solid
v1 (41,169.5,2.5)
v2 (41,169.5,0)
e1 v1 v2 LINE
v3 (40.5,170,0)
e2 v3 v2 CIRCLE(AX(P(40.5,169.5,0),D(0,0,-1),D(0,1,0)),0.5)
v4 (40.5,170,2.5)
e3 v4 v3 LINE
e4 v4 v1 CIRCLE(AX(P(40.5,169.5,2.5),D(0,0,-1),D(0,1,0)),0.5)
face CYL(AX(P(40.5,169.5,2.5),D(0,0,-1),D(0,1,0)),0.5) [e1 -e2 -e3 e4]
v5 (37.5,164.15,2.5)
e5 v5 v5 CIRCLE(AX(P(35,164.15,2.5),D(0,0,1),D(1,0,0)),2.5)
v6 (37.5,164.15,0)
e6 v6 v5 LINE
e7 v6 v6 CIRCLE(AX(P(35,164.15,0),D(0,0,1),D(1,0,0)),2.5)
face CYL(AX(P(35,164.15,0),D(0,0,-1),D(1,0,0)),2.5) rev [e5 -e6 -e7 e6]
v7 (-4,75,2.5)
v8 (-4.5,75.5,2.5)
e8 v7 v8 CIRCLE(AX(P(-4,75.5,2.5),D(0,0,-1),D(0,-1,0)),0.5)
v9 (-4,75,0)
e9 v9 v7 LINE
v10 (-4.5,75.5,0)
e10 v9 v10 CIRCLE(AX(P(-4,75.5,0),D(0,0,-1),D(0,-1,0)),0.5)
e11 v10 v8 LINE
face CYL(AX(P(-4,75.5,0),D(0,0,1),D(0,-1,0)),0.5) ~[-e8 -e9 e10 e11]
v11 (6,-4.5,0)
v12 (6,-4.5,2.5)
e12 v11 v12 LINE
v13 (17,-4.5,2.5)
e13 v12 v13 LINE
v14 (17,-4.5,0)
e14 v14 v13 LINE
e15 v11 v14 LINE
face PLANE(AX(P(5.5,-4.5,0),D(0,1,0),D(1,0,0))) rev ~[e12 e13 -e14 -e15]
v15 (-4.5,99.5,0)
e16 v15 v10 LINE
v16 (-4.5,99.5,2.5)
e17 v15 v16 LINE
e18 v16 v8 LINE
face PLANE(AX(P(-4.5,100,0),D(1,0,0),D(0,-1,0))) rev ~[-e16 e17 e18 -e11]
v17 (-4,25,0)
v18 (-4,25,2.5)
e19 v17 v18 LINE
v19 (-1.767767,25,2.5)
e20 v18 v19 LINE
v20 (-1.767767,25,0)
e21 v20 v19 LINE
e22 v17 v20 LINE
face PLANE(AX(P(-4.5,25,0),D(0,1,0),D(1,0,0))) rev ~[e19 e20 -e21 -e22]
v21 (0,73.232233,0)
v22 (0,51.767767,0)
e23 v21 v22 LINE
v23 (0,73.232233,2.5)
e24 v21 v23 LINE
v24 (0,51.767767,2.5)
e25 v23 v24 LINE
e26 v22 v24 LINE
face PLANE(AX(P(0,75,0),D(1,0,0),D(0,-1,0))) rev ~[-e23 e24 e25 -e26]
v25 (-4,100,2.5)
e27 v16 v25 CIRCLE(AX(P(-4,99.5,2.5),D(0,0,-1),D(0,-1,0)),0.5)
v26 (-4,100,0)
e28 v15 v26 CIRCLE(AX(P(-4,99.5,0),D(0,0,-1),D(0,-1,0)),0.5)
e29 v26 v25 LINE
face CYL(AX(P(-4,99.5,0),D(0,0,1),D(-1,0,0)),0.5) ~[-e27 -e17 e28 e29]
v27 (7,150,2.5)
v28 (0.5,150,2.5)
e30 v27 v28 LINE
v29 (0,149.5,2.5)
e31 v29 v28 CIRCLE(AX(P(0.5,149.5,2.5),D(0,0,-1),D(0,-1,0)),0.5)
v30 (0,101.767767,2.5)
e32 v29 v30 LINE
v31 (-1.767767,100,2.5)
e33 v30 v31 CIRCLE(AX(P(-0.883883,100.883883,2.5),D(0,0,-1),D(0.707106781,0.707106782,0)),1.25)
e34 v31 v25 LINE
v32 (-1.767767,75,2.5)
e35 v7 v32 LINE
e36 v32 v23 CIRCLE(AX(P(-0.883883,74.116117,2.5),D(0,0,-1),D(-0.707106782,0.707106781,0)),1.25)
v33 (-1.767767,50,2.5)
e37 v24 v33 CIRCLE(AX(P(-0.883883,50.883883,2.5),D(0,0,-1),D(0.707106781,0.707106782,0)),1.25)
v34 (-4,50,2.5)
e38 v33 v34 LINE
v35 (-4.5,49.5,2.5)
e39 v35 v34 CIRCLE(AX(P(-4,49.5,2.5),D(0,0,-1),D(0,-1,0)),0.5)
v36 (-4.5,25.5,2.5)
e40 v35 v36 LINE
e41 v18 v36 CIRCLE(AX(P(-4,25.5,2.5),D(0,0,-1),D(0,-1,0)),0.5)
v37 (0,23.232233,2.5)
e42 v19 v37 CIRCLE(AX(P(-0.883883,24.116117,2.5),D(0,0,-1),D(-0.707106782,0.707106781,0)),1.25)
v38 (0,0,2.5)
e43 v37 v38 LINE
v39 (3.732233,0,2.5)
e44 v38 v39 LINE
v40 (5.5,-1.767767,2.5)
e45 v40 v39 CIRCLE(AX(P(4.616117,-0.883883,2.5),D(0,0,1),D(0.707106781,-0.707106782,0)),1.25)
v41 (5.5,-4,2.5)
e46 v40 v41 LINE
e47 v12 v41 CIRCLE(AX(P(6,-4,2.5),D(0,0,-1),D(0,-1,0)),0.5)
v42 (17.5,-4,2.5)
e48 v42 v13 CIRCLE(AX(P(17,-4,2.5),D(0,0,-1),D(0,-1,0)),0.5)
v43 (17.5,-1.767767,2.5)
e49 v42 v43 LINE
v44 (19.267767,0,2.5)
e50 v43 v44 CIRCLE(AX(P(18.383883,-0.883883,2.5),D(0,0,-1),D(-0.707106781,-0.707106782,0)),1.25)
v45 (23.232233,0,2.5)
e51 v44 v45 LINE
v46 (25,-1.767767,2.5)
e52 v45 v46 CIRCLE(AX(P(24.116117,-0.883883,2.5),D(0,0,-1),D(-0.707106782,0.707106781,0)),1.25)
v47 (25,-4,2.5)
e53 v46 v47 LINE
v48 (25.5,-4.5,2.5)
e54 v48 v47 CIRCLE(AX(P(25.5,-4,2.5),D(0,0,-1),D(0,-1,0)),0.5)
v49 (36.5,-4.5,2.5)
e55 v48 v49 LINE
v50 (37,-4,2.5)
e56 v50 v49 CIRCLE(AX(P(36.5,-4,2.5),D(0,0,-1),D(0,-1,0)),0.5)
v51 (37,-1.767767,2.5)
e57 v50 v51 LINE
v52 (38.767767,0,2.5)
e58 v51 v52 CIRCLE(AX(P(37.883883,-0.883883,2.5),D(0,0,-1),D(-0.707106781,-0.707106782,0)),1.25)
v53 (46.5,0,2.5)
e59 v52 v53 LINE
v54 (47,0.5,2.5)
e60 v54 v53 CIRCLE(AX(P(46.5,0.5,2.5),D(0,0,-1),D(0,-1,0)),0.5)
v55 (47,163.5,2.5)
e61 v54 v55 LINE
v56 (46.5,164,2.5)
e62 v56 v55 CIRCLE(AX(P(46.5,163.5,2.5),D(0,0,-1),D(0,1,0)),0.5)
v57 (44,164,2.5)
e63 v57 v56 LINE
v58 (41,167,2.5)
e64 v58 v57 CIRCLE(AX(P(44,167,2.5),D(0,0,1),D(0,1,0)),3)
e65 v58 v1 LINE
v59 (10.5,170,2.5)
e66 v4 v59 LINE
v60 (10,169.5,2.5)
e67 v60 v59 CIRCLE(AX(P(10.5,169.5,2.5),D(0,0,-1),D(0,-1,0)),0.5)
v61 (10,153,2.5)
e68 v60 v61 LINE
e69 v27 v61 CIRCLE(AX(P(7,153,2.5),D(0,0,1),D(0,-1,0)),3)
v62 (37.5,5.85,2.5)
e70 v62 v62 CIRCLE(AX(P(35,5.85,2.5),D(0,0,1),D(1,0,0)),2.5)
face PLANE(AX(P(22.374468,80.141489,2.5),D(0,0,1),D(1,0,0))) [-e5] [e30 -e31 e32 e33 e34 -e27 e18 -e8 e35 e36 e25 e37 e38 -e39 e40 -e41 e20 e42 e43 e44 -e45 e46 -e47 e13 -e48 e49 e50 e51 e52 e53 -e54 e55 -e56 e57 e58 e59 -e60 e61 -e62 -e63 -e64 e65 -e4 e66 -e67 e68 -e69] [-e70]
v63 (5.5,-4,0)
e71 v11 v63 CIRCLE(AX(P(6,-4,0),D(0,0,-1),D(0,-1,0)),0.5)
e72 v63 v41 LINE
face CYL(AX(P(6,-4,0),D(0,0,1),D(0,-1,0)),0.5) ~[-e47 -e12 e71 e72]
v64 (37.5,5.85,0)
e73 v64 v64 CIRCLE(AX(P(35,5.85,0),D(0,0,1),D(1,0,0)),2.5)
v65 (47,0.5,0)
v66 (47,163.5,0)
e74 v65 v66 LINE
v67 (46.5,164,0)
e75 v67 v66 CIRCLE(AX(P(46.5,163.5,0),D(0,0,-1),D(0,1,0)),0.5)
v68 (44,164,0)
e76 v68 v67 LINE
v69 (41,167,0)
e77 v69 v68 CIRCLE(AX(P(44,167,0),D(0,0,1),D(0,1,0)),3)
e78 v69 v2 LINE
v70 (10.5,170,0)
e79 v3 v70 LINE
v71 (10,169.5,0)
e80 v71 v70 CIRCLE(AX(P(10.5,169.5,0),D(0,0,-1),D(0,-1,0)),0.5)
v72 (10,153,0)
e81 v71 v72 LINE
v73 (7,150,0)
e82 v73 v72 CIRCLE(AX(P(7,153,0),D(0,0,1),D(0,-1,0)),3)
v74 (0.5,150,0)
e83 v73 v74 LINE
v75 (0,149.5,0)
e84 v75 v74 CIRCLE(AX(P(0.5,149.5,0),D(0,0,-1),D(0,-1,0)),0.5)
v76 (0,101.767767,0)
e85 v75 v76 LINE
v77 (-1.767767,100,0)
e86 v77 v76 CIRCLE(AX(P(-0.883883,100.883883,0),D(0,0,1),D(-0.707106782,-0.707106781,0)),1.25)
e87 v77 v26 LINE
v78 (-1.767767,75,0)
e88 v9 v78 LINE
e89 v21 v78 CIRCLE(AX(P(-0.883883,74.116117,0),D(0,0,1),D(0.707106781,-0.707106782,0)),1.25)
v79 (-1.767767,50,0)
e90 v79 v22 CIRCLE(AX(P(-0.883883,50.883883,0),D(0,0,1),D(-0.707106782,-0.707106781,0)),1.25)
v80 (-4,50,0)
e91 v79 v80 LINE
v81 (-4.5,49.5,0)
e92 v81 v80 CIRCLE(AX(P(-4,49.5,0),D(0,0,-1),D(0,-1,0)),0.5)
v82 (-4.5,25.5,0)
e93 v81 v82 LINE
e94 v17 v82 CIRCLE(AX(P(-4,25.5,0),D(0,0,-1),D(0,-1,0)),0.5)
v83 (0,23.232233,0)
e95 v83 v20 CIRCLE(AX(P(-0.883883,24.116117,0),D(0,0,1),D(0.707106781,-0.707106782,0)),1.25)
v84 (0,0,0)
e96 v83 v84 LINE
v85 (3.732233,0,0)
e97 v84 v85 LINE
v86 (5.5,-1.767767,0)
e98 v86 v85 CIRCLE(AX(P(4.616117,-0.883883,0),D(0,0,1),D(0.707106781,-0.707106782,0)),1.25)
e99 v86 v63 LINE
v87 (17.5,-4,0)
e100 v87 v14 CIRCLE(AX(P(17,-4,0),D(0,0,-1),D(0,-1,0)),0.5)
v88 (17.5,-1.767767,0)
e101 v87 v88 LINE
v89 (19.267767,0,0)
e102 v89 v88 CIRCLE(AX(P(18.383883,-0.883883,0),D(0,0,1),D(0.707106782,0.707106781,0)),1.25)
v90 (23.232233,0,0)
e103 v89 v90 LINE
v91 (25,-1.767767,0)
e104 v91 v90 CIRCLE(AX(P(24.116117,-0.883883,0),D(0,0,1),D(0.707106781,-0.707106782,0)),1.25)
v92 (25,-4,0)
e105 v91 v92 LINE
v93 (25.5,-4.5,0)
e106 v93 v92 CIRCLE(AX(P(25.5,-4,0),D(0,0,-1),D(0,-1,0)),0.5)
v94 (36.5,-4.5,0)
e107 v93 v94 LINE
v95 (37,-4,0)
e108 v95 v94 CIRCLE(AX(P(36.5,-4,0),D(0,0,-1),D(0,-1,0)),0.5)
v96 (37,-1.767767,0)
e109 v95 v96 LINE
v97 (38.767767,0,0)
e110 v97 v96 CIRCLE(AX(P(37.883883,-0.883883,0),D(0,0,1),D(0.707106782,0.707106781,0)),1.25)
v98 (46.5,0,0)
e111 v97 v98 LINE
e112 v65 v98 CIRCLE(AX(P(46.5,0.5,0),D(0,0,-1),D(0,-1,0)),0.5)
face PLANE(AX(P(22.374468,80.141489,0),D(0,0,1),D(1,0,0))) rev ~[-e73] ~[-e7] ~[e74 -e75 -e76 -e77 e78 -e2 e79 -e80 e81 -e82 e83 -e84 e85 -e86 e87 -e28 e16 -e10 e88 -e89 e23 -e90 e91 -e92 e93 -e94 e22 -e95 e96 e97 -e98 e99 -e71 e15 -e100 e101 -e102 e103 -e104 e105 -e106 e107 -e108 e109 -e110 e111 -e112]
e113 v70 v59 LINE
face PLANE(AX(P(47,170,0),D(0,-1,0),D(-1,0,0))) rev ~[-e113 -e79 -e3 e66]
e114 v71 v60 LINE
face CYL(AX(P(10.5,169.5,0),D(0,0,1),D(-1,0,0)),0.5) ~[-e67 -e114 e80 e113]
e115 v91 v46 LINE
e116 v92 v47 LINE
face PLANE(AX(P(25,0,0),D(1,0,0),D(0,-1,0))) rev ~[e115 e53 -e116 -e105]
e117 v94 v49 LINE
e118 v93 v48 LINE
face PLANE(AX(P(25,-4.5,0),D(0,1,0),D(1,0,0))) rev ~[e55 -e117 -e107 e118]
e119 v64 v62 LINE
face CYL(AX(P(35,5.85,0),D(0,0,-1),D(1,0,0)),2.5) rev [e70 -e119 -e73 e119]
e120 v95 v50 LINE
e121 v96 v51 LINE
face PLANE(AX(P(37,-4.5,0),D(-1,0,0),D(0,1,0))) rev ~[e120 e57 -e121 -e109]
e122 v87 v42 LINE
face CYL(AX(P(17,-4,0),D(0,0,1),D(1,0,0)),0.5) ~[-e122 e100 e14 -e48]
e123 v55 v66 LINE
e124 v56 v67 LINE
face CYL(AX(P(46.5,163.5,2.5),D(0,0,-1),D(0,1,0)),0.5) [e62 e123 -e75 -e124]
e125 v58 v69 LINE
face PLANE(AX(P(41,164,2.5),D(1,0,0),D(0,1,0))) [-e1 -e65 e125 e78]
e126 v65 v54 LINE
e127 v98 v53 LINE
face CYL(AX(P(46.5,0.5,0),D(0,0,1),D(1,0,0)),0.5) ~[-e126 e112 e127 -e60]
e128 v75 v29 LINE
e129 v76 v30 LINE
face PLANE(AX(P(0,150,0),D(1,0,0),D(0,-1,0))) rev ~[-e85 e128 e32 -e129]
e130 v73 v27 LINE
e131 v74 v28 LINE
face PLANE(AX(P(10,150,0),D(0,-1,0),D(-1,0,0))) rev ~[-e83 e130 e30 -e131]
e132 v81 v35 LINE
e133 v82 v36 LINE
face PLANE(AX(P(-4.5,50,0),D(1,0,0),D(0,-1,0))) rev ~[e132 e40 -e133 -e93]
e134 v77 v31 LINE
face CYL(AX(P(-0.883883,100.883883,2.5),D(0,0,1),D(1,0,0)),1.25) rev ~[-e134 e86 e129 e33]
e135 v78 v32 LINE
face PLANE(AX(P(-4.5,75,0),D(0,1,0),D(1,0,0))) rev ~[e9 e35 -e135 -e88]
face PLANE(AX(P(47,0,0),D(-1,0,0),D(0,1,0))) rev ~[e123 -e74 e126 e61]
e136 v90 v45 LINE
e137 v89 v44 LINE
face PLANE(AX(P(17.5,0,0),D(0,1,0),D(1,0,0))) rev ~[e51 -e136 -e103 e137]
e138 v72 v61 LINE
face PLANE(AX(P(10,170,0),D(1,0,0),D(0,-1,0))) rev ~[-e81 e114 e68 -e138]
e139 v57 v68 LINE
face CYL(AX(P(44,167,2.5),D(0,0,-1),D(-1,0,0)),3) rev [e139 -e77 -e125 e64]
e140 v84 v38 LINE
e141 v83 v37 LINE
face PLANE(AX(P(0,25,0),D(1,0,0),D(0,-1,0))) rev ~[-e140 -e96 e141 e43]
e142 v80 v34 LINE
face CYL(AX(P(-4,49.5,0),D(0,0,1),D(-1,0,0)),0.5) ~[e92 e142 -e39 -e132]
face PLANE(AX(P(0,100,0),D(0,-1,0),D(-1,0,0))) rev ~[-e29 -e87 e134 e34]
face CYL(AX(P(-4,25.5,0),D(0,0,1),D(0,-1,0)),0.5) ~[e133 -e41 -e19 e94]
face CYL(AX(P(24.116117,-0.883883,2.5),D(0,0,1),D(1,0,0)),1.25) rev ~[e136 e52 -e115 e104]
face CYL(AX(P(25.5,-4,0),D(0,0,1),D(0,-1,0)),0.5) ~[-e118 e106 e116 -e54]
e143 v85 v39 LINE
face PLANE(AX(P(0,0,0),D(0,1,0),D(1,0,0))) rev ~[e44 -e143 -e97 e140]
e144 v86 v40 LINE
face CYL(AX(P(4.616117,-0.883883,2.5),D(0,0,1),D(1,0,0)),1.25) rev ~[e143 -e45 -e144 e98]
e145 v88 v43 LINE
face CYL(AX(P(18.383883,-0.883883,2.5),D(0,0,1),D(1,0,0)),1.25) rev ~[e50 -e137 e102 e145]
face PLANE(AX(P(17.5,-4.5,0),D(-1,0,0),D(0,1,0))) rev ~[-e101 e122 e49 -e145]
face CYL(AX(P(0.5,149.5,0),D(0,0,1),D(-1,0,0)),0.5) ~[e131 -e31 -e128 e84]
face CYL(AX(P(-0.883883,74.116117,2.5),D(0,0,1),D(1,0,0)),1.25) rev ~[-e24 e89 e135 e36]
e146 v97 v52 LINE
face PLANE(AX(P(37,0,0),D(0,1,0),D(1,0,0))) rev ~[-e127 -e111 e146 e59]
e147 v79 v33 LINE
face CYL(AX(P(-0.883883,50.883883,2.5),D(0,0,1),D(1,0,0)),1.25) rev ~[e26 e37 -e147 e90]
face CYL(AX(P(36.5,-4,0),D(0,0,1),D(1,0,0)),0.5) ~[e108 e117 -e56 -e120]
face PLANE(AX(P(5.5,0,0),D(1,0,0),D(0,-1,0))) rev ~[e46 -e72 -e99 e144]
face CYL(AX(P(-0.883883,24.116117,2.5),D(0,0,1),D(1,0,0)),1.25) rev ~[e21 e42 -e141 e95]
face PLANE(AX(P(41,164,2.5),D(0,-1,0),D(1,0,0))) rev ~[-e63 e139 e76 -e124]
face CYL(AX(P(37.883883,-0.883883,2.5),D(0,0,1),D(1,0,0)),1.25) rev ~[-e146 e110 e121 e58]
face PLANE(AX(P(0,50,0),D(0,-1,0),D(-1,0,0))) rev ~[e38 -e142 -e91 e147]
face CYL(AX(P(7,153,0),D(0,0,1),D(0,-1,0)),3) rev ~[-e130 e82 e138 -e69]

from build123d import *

# Parameters (mm, degrees)
SKETCH1_R           = 2.5
BOSS_EXTRUDE1_DEPTH = 2.5
SKETCH3_W           = 6
SKETCH3_H           = 6
CUT_EXTRUDE2_DEPTH  = 177.395152995
SKETCH2_R           = 1.25
CUT_EXTRUDE1_DEPTH  = 177.395152995
FILLET1_R           = 0.5
FILLET2_R           = 3


with BuildPart() as part:
    # Sketch1 → Boss-Extrude1 (new body)
    with BuildSketch(Plane.XY):
        Polygon((0, 0), (5.5, 0), (5.5, -4.5), (17.5, -4.5), (17.5, 0), (25, 0), (25, -4.5), (37, -4.5), (37, 0), (47, 0), (47, 170), (10, 170), (10, 150), (0, 150), (0, 100), (-4.5, 100), (-4.5, 75), (0, 75), (0, 50), (-4.5, 50), (-4.5, 25), (0, 25), align=None)
        with Locations((35, 5.85)):
            Circle(SKETCH1_R, mode=Mode.SUBTRACT)
        with Locations((35, 164.15)):
            Circle(SKETCH1_R, mode=Mode.SUBTRACT)
    extrude(amount=BOSS_EXTRUDE1_DEPTH)

    # Sketch3 → Cut-Extrude2 (cut, through all)
    with BuildSketch(Plane.XY.offset(2.5)):
        with Locations((44, 167)):
            Rectangle(SKETCH3_W, SKETCH3_H)
    extrude(amount=-CUT_EXTRUDE2_DEPTH, mode=Mode.SUBTRACT)

    # Sketch2 → Cut-Extrude1 (cut, through all)
    with BuildSketch(Plane.XY.offset(2.5)):
        with Locations((-0.883883476, 24.116116524)):
            Circle(SKETCH2_R)
        with Locations((-0.883883476, 50.883883476)):
            Circle(SKETCH2_R)
        with Locations((-0.883883476, 74.116116524)):
            Circle(SKETCH2_R)
        with Locations((-0.883883476, 100.883883476)):
            Circle(SKETCH2_R)
        with Locations((4.616116524, -0.883883476)):
            Circle(SKETCH2_R)
        with Locations((18.383883476, -0.883883476)):
            Circle(SKETCH2_R)
        with Locations((24.116116524, -0.883883476)):
            Circle(SKETCH2_R)
        with Locations((37.883883476, -0.883883476)):
            Circle(SKETCH2_R)
    extrude(amount=-CUT_EXTRUDE1_DEPTH, mode=Mode.SUBTRACT)

    # Fillet1
    fillet1_edges = [part.edges().sort_by_distance(p)[0] for p in [
        (-4.5, 25, 1.25),
        (-4.5, 50, 1.25),
        (-4.5, 75, 1.25),
        (-4.5, 100, 1.25),
        (0, 150, 1.25),
        (10, 170, 1.25),
        (47, 0, 1.25),
        (37, -4.5, 1.25),
        (25, -4.5, 1.25),
        (17.5, -4.5, 1.25),
        (5.5, -4.5, 1.25),
        (41, 170, 1.25),
        (47, 164, 1.25),
    ]]
    fillet(fillet1_edges, radius=FILLET1_R)

    # Fillet2
    fillet2_edges = [part.edges().sort_by_distance(p)[0] for p in [
        (10, 150, 1.25),
        (41, 164, 1.25),
    ]]
    fillet(fillet2_edges, radius=FILLET2_R)


solid = part.part
